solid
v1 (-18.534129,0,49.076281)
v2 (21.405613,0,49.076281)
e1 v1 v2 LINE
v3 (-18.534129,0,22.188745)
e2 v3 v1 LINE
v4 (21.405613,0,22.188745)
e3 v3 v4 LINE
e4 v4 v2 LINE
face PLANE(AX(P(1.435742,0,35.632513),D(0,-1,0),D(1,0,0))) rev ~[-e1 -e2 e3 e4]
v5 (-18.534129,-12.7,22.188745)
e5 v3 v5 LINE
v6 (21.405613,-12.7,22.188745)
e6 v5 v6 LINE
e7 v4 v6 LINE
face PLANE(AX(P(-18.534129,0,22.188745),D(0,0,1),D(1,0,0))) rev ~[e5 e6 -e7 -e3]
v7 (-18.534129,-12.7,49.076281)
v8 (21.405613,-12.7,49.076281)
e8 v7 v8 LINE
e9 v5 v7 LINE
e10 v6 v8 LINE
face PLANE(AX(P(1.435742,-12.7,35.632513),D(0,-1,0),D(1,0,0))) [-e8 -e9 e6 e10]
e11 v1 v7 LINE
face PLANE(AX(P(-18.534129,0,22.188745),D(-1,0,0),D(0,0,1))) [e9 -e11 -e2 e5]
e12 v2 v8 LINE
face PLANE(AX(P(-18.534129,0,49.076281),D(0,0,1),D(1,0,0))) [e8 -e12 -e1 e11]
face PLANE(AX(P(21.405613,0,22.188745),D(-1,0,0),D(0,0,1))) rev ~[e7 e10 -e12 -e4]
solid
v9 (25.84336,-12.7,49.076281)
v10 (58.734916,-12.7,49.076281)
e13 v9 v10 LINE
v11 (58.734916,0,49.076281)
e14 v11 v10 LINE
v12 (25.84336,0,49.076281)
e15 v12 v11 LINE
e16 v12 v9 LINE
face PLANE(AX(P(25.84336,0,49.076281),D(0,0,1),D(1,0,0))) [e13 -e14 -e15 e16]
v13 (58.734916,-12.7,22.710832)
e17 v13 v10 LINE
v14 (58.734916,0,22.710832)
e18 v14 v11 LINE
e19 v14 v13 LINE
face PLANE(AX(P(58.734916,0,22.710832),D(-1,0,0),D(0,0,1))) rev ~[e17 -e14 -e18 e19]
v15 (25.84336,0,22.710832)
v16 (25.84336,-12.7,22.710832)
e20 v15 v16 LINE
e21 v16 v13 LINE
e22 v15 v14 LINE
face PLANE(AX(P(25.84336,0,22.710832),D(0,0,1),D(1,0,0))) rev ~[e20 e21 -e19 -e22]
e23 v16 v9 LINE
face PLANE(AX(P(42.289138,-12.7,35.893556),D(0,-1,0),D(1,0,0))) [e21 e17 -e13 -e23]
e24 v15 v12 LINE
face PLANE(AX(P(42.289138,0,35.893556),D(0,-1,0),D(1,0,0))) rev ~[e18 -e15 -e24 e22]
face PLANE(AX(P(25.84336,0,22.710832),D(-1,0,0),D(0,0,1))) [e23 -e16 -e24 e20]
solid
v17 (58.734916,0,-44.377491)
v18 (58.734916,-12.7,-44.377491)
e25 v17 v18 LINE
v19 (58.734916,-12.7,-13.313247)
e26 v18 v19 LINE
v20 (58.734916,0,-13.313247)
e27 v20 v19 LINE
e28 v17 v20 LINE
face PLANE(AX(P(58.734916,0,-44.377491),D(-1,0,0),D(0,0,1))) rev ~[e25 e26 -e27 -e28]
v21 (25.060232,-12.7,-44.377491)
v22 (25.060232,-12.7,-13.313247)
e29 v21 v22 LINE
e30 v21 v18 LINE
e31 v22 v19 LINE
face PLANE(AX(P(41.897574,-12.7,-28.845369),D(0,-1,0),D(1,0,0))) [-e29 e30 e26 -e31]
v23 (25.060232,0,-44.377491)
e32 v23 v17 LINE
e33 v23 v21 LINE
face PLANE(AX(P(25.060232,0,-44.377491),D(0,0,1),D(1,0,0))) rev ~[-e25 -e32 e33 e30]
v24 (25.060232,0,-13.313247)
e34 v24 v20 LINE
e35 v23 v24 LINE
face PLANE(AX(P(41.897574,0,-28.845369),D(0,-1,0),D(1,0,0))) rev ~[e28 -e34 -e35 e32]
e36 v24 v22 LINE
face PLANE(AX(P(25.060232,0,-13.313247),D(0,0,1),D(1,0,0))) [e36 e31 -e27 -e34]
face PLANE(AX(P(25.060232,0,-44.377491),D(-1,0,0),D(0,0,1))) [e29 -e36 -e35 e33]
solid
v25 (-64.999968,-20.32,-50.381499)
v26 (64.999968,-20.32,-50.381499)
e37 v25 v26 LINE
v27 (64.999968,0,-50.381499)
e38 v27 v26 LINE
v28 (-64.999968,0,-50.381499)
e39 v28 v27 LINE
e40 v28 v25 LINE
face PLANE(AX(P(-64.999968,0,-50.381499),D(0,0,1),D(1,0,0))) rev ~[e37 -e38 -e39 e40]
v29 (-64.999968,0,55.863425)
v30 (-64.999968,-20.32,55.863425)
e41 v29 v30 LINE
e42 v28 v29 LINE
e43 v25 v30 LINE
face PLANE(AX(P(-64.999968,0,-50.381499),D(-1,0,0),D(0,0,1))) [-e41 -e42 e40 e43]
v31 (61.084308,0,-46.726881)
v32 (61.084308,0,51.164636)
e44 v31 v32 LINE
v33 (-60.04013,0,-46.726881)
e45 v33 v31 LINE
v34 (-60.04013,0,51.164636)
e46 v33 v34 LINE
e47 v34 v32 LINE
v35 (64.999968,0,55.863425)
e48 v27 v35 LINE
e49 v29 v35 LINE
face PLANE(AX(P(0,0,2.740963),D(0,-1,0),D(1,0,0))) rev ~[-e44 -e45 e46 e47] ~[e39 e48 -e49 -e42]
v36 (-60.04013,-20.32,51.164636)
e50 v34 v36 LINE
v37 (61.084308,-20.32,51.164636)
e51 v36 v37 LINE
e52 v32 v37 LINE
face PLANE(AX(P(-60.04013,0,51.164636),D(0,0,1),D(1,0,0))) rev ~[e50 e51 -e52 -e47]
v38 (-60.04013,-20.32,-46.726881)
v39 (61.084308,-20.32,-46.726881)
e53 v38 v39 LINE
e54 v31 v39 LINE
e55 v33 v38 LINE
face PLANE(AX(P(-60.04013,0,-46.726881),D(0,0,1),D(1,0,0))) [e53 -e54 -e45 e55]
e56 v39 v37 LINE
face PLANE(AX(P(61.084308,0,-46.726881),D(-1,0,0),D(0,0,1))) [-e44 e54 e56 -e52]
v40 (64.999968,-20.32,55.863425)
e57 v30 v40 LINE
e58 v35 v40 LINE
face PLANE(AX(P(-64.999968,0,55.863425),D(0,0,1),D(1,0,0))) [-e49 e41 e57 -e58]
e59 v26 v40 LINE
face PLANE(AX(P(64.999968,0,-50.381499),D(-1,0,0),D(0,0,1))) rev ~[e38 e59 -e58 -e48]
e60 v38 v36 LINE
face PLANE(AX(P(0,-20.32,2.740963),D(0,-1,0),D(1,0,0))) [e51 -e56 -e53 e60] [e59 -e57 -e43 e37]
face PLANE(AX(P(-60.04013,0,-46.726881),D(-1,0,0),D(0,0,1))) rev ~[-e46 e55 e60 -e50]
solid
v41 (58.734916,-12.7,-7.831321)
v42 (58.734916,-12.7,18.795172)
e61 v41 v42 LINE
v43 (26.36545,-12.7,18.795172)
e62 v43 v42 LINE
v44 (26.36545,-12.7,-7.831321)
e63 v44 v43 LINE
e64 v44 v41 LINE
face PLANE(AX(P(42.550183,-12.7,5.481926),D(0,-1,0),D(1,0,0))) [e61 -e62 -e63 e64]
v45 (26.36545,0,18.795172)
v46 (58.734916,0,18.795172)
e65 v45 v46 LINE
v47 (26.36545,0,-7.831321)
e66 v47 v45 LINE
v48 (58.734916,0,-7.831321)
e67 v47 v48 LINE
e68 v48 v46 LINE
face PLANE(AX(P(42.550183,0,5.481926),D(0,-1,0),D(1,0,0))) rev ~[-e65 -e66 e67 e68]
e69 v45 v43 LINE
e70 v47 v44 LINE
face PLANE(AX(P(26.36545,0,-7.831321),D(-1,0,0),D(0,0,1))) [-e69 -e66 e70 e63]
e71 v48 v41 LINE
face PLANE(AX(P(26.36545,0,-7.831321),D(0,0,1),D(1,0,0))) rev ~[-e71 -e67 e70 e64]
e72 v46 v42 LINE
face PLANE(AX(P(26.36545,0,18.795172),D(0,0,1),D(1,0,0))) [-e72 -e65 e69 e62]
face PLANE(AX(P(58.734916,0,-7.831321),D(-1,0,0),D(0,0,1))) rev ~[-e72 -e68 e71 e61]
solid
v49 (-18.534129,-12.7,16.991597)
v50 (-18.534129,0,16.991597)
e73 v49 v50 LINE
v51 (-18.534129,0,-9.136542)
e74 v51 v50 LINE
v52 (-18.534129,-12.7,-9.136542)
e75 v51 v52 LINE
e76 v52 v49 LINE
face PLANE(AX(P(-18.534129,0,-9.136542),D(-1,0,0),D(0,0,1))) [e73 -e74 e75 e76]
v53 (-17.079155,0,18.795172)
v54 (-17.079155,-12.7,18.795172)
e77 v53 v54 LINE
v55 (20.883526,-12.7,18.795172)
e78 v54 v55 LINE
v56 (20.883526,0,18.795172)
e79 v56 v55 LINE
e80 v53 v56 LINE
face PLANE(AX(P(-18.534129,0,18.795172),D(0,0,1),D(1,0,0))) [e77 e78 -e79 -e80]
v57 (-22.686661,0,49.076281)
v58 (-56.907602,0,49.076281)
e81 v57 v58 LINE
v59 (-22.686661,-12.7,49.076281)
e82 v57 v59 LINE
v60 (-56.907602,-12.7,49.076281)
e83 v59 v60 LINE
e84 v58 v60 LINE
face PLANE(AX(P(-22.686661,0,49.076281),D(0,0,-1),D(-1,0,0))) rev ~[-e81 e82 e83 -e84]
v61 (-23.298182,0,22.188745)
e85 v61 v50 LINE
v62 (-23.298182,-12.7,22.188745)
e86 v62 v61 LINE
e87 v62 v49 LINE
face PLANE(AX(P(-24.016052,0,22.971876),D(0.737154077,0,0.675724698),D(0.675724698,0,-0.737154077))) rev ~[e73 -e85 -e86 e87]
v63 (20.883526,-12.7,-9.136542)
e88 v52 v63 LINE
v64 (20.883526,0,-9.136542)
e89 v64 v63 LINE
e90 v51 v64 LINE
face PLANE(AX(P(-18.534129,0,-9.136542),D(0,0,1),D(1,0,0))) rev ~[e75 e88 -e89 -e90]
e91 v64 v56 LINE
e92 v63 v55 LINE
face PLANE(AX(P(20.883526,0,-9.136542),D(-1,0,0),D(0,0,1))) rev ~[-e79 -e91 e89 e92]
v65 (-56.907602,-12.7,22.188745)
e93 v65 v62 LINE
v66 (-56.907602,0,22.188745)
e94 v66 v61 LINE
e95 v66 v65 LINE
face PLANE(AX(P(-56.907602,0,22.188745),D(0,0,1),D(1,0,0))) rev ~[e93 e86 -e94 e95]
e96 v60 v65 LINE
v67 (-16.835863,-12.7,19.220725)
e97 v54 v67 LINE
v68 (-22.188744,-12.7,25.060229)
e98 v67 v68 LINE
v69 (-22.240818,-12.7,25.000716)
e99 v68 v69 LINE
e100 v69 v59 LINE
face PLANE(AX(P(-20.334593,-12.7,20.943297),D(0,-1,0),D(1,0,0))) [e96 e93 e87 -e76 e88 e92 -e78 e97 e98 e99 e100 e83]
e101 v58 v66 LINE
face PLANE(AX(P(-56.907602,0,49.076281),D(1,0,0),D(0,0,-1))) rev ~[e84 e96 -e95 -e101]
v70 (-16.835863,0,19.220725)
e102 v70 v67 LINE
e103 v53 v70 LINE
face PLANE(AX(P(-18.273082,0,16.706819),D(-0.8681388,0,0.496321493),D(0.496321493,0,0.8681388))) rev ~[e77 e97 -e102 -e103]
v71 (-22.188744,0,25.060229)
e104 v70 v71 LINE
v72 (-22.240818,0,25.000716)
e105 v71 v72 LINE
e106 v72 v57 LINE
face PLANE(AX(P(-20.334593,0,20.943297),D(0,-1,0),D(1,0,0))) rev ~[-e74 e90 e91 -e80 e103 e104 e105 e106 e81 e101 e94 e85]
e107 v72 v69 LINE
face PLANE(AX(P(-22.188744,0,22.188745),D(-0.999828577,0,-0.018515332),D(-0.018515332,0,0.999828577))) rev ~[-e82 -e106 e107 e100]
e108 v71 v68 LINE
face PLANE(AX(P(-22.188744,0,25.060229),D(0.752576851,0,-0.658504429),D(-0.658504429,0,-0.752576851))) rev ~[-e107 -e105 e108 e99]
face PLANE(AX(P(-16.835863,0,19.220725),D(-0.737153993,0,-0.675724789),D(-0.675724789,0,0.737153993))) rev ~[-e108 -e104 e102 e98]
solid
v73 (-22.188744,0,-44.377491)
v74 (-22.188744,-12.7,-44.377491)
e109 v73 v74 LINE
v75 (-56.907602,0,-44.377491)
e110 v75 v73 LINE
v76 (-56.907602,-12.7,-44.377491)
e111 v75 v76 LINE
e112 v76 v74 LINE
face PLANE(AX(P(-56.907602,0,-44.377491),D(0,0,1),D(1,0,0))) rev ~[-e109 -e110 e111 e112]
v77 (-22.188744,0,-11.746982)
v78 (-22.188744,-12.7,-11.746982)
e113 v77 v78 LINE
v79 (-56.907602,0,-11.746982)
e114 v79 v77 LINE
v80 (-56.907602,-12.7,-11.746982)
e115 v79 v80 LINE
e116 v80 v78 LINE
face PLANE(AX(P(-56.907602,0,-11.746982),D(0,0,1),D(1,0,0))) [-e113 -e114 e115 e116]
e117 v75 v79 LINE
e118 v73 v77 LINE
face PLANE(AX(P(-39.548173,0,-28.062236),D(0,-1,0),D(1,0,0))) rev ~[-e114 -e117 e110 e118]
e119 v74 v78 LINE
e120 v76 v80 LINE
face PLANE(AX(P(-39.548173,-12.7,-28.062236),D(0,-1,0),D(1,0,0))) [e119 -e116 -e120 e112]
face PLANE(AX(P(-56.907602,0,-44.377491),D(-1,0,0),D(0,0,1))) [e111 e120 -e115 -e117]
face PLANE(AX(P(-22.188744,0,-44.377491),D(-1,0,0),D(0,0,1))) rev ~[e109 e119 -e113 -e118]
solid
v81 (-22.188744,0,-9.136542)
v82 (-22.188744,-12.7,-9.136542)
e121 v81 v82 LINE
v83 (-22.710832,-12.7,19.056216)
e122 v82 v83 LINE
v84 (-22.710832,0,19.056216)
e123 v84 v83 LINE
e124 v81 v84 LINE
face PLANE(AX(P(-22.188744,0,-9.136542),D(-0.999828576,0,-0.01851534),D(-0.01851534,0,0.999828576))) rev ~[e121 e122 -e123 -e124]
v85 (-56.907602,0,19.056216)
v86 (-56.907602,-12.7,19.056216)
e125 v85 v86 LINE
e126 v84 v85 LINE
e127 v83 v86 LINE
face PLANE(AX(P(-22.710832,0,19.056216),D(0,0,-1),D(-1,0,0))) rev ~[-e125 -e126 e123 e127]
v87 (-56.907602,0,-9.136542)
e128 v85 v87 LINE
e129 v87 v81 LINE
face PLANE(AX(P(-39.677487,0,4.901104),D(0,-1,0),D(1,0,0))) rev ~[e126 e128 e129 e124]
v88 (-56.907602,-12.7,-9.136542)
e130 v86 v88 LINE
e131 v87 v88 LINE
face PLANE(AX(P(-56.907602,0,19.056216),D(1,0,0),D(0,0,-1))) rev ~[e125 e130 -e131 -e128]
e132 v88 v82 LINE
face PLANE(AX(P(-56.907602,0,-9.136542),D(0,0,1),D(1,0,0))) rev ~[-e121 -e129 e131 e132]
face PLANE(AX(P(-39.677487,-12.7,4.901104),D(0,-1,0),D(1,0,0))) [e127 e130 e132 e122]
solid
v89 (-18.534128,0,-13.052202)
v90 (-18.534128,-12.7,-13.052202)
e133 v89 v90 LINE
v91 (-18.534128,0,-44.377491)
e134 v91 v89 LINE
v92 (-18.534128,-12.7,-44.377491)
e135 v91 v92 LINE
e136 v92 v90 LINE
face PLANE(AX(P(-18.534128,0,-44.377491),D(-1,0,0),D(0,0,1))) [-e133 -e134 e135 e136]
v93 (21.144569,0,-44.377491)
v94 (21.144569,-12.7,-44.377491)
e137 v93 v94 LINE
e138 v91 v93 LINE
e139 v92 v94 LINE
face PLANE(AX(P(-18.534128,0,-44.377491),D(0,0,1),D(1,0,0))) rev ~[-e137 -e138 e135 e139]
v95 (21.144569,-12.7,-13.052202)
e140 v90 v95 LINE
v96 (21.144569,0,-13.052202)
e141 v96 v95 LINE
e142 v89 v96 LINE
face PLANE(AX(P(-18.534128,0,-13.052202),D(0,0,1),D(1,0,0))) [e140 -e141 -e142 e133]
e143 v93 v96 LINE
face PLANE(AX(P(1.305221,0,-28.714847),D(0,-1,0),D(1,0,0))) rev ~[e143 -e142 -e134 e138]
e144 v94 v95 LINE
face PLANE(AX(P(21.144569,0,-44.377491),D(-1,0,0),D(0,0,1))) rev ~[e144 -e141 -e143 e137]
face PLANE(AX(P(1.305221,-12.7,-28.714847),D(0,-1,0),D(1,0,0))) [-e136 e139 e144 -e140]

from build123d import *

# Parameters (mm, degrees)
F0_W     = 39.939741
F0_H     = 26.887536
F0_W_2   = 32.891556
F0_H_2   = 26.365449
F0_W_3   = 39.417655
F0_H_3   = 27.931714
F0_W_4   = 32.369466
F0_H_4   = 26.626493
F0_W_5   = 34.718858
F0_H_5   = 32.630509
F0_W_6   = 39.678697
F0_H_6   = 31.325289
F0_W_7   = 33.674685
F0_H_7   = 31.064244
F1_DEPTH = 12.7
F2_W     = 129.999936
F2_H     = 106.244925
F2_W_2   = 121.124439
F2_H_2   = 97.891517
F3_DEPTH = 20.32
F5_DEPTH = 12.7


with BuildPart() as f1:
    # F0 (on Front) → F1 (new body)
    with BuildSketch(Plane.XZ):
        Polygon((-22.188744, 22.188745), (-22.686661, 49.076281), (-56.907602, 49.076281), (-56.907602, 22.188745), align=None)
        with Locations((1.435742, 35.632513)):
            Rectangle(F0_W, F0_H)
        with Locations((42.289138, 35.893556)):
            Rectangle(F0_W_2, F0_H_2)
        Polygon((-22.710832, 19.056216), (-56.907602, 19.056216), (-56.907602, -9.136542), (-22.188744, -9.136542), align=None)
        with Locations((1.174699, 4.829315)):
            Rectangle(F0_W_3, F0_H_3)
        with Locations((42.550183, 5.481926)):
            Rectangle(F0_W_4, F0_H_4)
        with Locations((-39.548173, -28.062236)):
            Rectangle(F0_W_5, F0_H_5)
        with Locations((1.305221, -28.714847)):
            Rectangle(F0_W_6, F0_H_6)
        with Locations((41.897574, -28.845369)):
            Rectangle(F0_W_7, F0_H_7)
    extrude(amount=F1_DEPTH)

    # F4 (on Front) → F5 (join)
    with BuildSketch(Plane.XZ):
        Polygon((-22.188744, 25.060229), (-24.016052, 22.971876), (-18.273082, 16.706819), (-16.835863, 19.220725), align=None)
    extrude(amount=F5_DEPTH)


with BuildPart() as f3:
    # F2 (on Front) → F3 (new body)
    with BuildSketch(Plane.XZ):
        with Locations((0, 2.740963)):
            Rectangle(F2_W, F2_H)
        with Locations((0.522089, 2.218877)):
            Rectangle(F2_W_2, F2_H_2, mode=Mode.SUBTRACT)
    extrude(amount=F3_DEPTH)


solid = Compound([f1.part, f3.part])
